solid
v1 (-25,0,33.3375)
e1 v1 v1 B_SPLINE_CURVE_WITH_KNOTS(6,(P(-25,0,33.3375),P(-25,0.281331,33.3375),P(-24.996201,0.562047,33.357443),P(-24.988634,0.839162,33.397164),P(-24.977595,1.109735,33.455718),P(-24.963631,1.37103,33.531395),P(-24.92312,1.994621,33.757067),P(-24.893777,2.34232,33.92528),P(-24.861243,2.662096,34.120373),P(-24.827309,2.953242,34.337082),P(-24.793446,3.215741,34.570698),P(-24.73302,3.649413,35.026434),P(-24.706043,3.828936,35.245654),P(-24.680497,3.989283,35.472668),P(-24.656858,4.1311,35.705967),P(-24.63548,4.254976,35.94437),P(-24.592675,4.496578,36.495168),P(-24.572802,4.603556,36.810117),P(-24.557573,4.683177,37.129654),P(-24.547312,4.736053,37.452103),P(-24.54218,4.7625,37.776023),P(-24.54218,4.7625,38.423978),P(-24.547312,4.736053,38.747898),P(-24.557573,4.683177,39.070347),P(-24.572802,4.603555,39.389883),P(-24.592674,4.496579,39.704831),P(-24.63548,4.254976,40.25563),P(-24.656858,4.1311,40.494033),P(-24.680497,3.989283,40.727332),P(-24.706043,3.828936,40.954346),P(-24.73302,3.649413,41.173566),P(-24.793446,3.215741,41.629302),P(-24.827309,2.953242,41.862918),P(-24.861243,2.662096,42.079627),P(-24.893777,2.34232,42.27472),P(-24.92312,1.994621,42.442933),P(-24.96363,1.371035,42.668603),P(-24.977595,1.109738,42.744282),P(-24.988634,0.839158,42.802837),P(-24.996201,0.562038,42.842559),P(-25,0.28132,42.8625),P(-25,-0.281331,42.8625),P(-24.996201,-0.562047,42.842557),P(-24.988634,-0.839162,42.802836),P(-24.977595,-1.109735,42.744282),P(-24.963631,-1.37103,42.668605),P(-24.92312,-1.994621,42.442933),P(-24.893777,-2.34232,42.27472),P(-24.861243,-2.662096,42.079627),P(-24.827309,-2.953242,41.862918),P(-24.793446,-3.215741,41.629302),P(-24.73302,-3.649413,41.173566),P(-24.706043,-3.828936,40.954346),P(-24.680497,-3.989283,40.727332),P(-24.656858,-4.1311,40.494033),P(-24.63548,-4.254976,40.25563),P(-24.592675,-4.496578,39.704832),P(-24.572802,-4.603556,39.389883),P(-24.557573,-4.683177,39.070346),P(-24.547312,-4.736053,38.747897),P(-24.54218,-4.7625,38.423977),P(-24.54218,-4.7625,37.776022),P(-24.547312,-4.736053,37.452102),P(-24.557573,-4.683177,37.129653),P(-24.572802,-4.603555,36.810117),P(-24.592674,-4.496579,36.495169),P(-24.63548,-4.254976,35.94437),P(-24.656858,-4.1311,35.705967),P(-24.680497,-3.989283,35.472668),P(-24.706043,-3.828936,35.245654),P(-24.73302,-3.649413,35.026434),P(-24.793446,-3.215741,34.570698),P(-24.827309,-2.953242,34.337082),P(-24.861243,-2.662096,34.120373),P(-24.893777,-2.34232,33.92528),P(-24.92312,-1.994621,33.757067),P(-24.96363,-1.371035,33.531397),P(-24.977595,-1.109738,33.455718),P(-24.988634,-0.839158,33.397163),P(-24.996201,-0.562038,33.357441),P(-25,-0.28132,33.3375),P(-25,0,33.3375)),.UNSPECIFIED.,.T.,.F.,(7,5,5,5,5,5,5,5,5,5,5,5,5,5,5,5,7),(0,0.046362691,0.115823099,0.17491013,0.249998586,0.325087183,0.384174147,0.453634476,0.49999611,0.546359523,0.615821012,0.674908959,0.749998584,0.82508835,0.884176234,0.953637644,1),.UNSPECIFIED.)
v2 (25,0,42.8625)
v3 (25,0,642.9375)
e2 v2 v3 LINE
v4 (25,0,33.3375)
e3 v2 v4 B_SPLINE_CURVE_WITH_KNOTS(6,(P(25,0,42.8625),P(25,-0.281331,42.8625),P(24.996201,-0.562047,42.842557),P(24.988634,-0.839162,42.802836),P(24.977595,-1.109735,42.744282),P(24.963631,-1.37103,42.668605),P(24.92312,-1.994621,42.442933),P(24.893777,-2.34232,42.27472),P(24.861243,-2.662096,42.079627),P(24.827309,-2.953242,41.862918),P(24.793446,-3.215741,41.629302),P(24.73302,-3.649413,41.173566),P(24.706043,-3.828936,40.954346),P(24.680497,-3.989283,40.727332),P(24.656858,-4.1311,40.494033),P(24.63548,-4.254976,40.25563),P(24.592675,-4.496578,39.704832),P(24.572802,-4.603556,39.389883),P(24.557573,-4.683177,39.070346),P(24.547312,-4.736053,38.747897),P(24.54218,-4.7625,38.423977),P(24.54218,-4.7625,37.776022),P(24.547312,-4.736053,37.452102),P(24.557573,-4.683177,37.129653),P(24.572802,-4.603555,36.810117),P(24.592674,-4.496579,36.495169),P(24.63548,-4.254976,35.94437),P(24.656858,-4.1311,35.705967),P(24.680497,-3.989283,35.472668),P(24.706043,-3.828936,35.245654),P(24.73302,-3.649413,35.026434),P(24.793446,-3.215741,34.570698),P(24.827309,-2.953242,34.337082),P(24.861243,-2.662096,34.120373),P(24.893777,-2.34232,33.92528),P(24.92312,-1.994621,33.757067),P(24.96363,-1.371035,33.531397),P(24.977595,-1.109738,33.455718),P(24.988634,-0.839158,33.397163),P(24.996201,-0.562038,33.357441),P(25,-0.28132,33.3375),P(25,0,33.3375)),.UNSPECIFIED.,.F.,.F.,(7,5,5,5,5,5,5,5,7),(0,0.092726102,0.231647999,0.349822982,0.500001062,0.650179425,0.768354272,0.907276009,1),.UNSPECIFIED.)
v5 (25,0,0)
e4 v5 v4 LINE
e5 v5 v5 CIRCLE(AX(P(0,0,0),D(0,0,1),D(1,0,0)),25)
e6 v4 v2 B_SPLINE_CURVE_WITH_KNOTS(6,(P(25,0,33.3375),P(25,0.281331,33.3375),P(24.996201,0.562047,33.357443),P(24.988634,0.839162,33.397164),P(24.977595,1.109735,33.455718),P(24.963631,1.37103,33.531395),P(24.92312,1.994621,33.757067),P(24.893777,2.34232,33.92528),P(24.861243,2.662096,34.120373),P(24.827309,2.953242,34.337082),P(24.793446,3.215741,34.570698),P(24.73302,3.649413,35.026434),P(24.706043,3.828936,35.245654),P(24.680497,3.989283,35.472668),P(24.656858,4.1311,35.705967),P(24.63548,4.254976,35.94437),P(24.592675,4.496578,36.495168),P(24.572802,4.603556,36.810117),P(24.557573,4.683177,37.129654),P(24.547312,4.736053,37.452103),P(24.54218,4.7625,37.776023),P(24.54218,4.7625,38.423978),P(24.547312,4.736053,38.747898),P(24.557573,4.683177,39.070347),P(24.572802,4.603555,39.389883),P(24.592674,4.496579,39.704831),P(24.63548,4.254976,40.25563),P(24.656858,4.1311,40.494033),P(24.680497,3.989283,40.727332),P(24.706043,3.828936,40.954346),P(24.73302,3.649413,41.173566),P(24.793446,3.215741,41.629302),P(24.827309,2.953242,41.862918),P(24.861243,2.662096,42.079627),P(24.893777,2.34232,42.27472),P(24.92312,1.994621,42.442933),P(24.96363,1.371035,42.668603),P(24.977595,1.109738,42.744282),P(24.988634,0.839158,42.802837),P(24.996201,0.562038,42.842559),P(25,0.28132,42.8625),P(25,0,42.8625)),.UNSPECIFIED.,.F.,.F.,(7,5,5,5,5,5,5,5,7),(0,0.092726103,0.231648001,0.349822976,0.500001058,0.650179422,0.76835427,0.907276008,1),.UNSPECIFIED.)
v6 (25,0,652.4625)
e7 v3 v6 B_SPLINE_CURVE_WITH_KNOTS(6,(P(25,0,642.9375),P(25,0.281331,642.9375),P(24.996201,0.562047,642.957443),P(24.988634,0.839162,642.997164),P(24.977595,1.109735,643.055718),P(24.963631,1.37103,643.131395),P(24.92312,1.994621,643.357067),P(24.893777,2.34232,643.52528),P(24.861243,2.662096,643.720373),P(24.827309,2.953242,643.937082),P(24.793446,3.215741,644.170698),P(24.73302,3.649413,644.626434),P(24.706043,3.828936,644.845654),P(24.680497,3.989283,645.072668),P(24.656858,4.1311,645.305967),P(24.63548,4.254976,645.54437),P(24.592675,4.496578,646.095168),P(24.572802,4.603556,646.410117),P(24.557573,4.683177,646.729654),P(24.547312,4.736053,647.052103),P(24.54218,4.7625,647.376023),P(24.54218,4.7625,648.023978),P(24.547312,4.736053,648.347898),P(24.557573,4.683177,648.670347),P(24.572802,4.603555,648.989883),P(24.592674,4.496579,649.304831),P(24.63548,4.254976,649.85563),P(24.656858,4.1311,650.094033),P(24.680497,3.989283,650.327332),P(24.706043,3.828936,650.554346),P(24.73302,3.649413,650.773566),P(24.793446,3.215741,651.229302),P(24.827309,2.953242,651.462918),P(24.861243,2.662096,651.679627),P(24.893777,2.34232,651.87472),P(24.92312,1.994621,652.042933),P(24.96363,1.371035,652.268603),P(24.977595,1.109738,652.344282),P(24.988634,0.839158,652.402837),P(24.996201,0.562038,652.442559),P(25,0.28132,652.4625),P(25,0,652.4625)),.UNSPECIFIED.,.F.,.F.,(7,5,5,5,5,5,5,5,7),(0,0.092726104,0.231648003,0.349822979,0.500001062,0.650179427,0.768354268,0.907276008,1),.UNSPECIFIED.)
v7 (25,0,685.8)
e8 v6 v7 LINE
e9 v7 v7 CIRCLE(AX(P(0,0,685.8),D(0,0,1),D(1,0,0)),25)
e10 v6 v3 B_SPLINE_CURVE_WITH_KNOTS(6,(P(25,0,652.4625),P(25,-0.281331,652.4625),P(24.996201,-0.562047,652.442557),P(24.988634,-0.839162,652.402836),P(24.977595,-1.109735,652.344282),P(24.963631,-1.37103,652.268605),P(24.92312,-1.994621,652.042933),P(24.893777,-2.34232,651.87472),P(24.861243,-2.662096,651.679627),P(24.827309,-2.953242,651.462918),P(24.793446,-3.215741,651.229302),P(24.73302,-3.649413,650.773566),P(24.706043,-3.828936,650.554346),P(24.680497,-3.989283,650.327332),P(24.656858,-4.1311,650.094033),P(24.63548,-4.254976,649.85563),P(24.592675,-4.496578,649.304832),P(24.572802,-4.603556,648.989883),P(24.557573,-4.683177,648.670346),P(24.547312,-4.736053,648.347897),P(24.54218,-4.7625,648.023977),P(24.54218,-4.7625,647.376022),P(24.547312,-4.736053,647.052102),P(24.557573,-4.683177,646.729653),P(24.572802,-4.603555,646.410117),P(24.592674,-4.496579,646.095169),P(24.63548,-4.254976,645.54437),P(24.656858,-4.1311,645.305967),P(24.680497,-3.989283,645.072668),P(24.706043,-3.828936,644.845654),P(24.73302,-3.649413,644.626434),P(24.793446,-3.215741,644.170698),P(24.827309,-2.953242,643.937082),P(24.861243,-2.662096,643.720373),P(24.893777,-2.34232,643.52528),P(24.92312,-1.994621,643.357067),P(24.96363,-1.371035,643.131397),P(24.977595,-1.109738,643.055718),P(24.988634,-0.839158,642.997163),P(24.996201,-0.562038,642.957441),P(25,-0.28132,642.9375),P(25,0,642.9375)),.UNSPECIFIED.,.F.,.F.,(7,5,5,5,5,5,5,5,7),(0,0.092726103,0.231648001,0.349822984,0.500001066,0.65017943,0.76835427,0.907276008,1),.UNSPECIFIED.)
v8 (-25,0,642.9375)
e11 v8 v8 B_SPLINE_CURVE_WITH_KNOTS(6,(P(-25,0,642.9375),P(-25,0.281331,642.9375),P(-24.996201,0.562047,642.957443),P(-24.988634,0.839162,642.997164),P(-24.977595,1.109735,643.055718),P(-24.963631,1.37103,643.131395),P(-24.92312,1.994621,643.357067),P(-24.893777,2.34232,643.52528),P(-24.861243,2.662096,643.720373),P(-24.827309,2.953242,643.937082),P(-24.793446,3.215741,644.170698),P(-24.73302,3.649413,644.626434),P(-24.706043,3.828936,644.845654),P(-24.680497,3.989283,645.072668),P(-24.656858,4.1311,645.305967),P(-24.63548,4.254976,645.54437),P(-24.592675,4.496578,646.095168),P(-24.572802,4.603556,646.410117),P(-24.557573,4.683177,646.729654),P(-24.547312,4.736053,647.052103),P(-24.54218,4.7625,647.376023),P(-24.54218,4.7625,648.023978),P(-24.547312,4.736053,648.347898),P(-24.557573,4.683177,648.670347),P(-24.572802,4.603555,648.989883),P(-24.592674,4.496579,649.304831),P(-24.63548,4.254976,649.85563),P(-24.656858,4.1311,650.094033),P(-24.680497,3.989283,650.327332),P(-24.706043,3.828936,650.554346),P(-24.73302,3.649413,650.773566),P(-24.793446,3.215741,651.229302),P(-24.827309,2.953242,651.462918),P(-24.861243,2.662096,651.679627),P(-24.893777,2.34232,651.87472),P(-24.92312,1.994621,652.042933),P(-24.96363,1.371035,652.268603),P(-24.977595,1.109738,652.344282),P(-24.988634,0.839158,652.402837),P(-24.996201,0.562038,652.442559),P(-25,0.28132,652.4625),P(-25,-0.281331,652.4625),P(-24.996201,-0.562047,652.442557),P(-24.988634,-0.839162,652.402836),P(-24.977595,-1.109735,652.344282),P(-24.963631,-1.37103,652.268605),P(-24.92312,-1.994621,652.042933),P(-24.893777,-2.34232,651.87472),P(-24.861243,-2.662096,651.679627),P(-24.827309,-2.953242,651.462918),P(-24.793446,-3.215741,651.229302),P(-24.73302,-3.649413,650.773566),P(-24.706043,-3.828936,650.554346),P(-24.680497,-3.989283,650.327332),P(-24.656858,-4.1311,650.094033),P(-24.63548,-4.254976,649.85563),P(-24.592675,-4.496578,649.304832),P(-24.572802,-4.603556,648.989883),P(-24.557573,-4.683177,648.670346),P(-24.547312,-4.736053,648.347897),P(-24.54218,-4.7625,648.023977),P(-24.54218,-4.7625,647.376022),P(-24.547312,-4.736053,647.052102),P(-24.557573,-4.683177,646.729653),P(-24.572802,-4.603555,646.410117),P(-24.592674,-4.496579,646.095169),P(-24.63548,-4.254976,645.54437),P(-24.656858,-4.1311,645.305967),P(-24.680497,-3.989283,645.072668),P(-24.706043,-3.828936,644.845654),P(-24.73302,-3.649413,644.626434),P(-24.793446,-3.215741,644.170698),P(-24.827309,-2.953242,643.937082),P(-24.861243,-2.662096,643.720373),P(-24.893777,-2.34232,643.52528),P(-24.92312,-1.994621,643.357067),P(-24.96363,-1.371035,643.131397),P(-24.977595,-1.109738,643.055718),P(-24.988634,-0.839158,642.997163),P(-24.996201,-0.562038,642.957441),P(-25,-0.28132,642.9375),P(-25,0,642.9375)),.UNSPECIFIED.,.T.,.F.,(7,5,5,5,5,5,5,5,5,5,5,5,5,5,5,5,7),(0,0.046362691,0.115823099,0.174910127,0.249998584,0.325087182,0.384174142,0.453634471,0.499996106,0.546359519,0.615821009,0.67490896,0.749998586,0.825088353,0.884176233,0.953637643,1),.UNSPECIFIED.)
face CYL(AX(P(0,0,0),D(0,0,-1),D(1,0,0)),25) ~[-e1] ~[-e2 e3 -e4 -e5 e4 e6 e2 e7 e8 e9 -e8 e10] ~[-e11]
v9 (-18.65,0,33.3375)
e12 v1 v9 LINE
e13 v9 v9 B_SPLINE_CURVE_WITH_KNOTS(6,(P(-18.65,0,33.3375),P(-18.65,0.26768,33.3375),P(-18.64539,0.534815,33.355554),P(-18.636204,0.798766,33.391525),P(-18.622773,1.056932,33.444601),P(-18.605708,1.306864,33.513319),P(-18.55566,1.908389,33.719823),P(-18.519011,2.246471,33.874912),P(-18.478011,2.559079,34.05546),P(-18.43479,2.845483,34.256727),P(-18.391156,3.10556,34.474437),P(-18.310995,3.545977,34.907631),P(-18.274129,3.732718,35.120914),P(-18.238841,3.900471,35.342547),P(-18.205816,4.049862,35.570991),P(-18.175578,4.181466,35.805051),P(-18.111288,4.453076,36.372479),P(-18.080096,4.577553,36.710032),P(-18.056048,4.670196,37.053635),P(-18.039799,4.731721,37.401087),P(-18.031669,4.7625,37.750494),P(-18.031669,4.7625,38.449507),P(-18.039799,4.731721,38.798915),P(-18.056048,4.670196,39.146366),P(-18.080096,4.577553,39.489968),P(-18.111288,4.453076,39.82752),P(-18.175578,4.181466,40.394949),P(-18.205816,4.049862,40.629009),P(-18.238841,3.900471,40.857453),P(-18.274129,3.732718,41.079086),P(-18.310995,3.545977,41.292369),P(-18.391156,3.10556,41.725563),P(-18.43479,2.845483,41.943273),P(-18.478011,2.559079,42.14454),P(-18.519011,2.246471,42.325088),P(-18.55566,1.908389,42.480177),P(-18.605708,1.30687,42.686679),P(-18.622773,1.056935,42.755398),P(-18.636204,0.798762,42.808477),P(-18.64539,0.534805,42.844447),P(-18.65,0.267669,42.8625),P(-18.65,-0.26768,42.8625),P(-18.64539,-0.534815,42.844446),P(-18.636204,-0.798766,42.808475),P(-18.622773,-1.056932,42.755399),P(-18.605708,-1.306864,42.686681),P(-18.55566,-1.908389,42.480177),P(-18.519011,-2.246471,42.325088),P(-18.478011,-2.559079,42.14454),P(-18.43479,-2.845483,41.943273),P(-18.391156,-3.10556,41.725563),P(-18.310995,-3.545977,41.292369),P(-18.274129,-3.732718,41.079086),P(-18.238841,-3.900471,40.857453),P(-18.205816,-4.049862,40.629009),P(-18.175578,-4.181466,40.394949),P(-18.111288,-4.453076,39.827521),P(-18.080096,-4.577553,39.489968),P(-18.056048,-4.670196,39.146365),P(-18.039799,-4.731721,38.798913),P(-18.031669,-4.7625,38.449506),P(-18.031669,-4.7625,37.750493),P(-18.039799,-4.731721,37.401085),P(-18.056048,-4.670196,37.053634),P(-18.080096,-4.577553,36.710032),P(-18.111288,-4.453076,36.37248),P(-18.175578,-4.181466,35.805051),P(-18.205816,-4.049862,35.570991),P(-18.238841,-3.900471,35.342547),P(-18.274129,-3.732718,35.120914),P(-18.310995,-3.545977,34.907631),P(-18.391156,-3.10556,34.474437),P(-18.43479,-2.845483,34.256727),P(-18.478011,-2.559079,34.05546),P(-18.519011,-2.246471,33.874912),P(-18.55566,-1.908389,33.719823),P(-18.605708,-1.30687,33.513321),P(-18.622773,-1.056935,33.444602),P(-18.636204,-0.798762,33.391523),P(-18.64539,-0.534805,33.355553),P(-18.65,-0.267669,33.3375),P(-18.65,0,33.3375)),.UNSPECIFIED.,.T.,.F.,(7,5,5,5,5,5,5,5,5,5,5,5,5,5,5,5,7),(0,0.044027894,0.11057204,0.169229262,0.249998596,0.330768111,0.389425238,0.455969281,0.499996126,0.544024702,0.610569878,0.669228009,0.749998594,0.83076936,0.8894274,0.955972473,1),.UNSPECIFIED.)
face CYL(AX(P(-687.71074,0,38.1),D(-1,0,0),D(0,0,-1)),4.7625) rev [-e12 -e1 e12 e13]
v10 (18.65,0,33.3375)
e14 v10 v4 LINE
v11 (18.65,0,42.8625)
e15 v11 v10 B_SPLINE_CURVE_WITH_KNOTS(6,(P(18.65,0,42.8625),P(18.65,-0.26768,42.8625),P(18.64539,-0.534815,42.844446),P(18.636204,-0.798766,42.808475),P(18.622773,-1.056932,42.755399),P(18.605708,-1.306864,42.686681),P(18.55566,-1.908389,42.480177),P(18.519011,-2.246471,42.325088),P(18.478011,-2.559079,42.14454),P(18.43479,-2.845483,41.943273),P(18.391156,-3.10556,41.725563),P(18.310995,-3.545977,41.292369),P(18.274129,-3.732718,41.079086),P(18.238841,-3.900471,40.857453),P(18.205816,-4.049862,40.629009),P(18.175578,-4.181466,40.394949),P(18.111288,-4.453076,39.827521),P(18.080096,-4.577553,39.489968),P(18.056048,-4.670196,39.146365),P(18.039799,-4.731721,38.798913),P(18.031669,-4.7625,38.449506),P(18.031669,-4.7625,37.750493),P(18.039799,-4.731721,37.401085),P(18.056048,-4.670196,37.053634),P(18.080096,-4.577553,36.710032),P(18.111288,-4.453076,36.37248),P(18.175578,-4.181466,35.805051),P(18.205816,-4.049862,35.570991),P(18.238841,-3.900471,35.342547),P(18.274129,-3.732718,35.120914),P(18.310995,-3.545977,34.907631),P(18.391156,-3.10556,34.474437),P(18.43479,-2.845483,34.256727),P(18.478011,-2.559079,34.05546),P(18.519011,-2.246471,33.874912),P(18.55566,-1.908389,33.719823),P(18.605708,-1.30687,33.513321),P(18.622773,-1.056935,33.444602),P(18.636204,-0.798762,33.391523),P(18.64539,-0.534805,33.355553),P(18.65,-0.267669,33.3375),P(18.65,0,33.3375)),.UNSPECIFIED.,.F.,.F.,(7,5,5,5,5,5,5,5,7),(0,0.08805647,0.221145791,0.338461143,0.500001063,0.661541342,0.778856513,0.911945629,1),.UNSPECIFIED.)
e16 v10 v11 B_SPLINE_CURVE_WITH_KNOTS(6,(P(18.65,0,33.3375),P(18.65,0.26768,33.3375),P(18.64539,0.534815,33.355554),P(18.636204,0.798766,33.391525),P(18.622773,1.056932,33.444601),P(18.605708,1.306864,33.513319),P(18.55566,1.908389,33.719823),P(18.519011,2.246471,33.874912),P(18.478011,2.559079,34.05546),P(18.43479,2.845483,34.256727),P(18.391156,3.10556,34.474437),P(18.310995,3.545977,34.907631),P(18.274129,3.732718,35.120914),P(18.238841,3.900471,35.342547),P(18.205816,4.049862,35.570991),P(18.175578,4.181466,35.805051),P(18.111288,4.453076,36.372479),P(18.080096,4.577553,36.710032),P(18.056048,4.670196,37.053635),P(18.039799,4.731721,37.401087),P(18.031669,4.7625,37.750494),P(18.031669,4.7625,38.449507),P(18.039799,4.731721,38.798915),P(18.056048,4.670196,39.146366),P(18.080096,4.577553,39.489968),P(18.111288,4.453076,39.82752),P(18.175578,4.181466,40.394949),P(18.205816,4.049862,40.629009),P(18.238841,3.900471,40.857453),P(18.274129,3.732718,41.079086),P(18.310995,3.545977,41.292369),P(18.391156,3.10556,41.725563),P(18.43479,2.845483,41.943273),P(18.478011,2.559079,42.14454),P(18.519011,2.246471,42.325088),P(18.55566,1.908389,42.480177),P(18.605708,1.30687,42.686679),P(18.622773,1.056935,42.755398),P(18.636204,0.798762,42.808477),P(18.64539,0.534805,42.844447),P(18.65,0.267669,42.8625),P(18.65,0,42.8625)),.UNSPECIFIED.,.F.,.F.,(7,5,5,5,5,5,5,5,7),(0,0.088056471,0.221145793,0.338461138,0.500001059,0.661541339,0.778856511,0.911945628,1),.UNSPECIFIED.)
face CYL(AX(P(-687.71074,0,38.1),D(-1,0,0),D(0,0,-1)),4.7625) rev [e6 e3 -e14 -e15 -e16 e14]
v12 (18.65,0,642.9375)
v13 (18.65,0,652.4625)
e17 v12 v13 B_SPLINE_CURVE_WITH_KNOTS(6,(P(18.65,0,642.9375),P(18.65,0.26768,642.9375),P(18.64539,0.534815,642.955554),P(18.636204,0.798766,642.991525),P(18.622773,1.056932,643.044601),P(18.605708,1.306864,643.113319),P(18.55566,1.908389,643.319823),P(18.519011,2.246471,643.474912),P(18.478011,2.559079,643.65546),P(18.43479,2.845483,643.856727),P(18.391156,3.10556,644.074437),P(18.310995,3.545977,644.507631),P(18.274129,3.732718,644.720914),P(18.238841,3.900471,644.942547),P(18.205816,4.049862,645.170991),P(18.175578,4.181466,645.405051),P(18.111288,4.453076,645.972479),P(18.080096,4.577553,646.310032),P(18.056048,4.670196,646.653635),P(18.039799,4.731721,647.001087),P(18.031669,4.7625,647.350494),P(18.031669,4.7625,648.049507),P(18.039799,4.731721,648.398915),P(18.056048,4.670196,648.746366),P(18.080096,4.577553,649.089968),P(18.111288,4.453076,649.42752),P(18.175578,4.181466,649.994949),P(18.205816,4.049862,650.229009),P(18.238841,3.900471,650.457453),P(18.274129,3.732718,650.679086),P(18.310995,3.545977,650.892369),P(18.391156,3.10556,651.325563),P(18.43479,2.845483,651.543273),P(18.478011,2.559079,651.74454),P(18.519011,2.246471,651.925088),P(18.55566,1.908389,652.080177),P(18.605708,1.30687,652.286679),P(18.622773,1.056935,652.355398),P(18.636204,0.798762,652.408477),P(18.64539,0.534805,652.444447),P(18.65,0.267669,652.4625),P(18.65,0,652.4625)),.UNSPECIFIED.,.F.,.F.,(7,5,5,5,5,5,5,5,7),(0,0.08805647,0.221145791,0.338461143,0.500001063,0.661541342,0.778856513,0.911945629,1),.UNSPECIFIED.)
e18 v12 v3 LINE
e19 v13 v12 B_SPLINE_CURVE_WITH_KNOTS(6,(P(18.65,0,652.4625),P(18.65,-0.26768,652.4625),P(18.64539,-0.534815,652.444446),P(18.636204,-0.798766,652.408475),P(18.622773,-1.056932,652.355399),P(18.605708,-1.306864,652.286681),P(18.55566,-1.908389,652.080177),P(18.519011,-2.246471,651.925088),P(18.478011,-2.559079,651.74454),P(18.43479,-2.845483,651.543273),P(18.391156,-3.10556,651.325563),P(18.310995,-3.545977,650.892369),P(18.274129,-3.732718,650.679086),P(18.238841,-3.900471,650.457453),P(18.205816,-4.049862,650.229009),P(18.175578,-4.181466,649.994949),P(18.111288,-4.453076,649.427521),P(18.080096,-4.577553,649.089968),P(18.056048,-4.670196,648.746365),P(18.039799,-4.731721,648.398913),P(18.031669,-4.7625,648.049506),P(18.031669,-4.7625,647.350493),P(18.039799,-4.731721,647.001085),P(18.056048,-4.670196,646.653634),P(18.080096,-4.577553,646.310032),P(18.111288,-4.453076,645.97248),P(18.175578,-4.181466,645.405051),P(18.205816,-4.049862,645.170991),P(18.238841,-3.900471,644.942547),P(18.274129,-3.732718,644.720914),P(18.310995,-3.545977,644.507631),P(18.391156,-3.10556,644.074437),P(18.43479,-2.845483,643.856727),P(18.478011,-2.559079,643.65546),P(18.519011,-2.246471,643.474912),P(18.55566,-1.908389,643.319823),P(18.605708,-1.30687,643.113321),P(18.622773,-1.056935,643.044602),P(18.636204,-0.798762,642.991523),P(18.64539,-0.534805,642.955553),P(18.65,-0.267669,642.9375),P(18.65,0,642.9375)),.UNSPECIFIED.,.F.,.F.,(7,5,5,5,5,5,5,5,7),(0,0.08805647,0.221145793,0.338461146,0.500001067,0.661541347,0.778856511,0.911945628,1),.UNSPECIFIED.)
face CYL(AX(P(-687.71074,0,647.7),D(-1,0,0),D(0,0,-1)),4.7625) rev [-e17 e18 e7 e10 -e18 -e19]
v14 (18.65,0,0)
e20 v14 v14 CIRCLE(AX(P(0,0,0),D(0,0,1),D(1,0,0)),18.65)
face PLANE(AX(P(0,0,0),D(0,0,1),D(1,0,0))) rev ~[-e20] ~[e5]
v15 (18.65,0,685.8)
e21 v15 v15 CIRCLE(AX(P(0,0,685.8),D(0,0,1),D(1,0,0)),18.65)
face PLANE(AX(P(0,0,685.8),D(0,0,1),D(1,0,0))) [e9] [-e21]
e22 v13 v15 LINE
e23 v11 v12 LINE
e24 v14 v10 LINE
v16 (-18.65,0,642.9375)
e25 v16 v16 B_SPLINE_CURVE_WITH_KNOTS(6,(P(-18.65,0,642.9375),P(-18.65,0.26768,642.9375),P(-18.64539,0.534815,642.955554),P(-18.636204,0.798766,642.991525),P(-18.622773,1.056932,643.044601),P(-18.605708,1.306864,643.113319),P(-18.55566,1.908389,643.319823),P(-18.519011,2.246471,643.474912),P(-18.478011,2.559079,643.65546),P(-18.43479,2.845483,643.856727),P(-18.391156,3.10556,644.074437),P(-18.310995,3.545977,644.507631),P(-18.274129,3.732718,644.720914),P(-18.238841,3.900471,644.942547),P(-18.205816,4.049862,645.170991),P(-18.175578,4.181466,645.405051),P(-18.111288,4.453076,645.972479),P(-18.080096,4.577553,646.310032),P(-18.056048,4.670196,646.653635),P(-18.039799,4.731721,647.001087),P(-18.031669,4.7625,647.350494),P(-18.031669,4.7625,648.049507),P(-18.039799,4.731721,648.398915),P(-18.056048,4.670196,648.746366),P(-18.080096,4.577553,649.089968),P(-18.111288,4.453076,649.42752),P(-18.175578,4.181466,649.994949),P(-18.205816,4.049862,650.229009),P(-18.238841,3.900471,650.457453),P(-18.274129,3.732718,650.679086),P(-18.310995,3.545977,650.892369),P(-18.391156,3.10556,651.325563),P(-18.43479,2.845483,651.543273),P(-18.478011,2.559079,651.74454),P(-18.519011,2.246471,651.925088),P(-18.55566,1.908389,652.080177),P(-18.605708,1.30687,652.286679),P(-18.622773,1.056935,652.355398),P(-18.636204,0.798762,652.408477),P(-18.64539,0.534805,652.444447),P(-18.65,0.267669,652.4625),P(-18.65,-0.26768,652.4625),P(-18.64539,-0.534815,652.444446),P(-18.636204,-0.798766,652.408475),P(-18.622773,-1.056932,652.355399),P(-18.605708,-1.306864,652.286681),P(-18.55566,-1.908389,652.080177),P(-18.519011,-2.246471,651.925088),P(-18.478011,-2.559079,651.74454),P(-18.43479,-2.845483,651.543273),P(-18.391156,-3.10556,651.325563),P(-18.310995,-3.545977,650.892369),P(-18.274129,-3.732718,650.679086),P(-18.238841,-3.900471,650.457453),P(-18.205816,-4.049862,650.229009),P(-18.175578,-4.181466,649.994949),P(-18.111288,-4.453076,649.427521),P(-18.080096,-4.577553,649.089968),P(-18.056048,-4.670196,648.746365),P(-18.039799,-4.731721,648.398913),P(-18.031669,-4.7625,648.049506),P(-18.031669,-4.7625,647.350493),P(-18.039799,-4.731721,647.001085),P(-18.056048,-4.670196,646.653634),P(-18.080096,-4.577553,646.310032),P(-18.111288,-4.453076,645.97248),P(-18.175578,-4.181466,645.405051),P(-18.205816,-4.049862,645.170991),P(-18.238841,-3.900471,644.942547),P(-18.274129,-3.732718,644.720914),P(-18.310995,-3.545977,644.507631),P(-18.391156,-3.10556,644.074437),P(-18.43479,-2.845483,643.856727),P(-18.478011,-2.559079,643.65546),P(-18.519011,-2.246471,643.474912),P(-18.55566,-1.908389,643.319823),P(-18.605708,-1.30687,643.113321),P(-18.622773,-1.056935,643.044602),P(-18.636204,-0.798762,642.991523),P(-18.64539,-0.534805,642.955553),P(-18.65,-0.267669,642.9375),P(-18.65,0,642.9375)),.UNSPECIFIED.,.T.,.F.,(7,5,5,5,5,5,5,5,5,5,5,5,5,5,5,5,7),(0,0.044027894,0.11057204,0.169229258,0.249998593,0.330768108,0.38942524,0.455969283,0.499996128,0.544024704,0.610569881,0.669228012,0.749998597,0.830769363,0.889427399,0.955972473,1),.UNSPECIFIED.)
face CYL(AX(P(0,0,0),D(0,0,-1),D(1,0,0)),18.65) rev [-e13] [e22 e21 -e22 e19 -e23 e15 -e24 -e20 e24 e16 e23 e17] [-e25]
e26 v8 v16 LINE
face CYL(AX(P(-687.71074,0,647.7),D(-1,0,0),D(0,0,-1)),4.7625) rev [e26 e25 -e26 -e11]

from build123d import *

# Parameters (mm, degrees)
SKETCH1_R               = 25
SKETCH1_R_2             = 18.65
BOSS_EXTRUDE1_DEPTH     = 685.8
CUT_EXTRUDE1_DEPTH      = 687.710739686
CUT_EXTRUDE1_DEPTH_BACK = 687.710739686
SKETCH2_R               = 4.7625


with BuildPart() as part:
    # Sketch1 → Boss-Extrude1 (new body)
    with BuildSketch(Plane.XY):
        Circle(SKETCH1_R)
        Circle(SKETCH1_R_2, mode=Mode.SUBTRACT)
    extrude(amount=BOSS_EXTRUDE1_DEPTH)

    # Sketch2 → Cut-Extrude1 (cut, two sides: drawn at the far end of the back side and taken through both)
    with BuildSketch(Plane(origin=(0, 0, 0), x_dir=(0, 0, -1), z_dir=(1, 0, 0)).offset(-CUT_EXTRUDE1_DEPTH_BACK)):
        with Locations((-647.7, 0)):
            Circle(SKETCH2_R)
        with Locations((-38.1, 0)):
            Circle(SKETCH2_R)
    extrude(amount=CUT_EXTRUDE1_DEPTH + CUT_EXTRUDE1_DEPTH_BACK, mode=Mode.SUBTRACT)


solid = part.part
